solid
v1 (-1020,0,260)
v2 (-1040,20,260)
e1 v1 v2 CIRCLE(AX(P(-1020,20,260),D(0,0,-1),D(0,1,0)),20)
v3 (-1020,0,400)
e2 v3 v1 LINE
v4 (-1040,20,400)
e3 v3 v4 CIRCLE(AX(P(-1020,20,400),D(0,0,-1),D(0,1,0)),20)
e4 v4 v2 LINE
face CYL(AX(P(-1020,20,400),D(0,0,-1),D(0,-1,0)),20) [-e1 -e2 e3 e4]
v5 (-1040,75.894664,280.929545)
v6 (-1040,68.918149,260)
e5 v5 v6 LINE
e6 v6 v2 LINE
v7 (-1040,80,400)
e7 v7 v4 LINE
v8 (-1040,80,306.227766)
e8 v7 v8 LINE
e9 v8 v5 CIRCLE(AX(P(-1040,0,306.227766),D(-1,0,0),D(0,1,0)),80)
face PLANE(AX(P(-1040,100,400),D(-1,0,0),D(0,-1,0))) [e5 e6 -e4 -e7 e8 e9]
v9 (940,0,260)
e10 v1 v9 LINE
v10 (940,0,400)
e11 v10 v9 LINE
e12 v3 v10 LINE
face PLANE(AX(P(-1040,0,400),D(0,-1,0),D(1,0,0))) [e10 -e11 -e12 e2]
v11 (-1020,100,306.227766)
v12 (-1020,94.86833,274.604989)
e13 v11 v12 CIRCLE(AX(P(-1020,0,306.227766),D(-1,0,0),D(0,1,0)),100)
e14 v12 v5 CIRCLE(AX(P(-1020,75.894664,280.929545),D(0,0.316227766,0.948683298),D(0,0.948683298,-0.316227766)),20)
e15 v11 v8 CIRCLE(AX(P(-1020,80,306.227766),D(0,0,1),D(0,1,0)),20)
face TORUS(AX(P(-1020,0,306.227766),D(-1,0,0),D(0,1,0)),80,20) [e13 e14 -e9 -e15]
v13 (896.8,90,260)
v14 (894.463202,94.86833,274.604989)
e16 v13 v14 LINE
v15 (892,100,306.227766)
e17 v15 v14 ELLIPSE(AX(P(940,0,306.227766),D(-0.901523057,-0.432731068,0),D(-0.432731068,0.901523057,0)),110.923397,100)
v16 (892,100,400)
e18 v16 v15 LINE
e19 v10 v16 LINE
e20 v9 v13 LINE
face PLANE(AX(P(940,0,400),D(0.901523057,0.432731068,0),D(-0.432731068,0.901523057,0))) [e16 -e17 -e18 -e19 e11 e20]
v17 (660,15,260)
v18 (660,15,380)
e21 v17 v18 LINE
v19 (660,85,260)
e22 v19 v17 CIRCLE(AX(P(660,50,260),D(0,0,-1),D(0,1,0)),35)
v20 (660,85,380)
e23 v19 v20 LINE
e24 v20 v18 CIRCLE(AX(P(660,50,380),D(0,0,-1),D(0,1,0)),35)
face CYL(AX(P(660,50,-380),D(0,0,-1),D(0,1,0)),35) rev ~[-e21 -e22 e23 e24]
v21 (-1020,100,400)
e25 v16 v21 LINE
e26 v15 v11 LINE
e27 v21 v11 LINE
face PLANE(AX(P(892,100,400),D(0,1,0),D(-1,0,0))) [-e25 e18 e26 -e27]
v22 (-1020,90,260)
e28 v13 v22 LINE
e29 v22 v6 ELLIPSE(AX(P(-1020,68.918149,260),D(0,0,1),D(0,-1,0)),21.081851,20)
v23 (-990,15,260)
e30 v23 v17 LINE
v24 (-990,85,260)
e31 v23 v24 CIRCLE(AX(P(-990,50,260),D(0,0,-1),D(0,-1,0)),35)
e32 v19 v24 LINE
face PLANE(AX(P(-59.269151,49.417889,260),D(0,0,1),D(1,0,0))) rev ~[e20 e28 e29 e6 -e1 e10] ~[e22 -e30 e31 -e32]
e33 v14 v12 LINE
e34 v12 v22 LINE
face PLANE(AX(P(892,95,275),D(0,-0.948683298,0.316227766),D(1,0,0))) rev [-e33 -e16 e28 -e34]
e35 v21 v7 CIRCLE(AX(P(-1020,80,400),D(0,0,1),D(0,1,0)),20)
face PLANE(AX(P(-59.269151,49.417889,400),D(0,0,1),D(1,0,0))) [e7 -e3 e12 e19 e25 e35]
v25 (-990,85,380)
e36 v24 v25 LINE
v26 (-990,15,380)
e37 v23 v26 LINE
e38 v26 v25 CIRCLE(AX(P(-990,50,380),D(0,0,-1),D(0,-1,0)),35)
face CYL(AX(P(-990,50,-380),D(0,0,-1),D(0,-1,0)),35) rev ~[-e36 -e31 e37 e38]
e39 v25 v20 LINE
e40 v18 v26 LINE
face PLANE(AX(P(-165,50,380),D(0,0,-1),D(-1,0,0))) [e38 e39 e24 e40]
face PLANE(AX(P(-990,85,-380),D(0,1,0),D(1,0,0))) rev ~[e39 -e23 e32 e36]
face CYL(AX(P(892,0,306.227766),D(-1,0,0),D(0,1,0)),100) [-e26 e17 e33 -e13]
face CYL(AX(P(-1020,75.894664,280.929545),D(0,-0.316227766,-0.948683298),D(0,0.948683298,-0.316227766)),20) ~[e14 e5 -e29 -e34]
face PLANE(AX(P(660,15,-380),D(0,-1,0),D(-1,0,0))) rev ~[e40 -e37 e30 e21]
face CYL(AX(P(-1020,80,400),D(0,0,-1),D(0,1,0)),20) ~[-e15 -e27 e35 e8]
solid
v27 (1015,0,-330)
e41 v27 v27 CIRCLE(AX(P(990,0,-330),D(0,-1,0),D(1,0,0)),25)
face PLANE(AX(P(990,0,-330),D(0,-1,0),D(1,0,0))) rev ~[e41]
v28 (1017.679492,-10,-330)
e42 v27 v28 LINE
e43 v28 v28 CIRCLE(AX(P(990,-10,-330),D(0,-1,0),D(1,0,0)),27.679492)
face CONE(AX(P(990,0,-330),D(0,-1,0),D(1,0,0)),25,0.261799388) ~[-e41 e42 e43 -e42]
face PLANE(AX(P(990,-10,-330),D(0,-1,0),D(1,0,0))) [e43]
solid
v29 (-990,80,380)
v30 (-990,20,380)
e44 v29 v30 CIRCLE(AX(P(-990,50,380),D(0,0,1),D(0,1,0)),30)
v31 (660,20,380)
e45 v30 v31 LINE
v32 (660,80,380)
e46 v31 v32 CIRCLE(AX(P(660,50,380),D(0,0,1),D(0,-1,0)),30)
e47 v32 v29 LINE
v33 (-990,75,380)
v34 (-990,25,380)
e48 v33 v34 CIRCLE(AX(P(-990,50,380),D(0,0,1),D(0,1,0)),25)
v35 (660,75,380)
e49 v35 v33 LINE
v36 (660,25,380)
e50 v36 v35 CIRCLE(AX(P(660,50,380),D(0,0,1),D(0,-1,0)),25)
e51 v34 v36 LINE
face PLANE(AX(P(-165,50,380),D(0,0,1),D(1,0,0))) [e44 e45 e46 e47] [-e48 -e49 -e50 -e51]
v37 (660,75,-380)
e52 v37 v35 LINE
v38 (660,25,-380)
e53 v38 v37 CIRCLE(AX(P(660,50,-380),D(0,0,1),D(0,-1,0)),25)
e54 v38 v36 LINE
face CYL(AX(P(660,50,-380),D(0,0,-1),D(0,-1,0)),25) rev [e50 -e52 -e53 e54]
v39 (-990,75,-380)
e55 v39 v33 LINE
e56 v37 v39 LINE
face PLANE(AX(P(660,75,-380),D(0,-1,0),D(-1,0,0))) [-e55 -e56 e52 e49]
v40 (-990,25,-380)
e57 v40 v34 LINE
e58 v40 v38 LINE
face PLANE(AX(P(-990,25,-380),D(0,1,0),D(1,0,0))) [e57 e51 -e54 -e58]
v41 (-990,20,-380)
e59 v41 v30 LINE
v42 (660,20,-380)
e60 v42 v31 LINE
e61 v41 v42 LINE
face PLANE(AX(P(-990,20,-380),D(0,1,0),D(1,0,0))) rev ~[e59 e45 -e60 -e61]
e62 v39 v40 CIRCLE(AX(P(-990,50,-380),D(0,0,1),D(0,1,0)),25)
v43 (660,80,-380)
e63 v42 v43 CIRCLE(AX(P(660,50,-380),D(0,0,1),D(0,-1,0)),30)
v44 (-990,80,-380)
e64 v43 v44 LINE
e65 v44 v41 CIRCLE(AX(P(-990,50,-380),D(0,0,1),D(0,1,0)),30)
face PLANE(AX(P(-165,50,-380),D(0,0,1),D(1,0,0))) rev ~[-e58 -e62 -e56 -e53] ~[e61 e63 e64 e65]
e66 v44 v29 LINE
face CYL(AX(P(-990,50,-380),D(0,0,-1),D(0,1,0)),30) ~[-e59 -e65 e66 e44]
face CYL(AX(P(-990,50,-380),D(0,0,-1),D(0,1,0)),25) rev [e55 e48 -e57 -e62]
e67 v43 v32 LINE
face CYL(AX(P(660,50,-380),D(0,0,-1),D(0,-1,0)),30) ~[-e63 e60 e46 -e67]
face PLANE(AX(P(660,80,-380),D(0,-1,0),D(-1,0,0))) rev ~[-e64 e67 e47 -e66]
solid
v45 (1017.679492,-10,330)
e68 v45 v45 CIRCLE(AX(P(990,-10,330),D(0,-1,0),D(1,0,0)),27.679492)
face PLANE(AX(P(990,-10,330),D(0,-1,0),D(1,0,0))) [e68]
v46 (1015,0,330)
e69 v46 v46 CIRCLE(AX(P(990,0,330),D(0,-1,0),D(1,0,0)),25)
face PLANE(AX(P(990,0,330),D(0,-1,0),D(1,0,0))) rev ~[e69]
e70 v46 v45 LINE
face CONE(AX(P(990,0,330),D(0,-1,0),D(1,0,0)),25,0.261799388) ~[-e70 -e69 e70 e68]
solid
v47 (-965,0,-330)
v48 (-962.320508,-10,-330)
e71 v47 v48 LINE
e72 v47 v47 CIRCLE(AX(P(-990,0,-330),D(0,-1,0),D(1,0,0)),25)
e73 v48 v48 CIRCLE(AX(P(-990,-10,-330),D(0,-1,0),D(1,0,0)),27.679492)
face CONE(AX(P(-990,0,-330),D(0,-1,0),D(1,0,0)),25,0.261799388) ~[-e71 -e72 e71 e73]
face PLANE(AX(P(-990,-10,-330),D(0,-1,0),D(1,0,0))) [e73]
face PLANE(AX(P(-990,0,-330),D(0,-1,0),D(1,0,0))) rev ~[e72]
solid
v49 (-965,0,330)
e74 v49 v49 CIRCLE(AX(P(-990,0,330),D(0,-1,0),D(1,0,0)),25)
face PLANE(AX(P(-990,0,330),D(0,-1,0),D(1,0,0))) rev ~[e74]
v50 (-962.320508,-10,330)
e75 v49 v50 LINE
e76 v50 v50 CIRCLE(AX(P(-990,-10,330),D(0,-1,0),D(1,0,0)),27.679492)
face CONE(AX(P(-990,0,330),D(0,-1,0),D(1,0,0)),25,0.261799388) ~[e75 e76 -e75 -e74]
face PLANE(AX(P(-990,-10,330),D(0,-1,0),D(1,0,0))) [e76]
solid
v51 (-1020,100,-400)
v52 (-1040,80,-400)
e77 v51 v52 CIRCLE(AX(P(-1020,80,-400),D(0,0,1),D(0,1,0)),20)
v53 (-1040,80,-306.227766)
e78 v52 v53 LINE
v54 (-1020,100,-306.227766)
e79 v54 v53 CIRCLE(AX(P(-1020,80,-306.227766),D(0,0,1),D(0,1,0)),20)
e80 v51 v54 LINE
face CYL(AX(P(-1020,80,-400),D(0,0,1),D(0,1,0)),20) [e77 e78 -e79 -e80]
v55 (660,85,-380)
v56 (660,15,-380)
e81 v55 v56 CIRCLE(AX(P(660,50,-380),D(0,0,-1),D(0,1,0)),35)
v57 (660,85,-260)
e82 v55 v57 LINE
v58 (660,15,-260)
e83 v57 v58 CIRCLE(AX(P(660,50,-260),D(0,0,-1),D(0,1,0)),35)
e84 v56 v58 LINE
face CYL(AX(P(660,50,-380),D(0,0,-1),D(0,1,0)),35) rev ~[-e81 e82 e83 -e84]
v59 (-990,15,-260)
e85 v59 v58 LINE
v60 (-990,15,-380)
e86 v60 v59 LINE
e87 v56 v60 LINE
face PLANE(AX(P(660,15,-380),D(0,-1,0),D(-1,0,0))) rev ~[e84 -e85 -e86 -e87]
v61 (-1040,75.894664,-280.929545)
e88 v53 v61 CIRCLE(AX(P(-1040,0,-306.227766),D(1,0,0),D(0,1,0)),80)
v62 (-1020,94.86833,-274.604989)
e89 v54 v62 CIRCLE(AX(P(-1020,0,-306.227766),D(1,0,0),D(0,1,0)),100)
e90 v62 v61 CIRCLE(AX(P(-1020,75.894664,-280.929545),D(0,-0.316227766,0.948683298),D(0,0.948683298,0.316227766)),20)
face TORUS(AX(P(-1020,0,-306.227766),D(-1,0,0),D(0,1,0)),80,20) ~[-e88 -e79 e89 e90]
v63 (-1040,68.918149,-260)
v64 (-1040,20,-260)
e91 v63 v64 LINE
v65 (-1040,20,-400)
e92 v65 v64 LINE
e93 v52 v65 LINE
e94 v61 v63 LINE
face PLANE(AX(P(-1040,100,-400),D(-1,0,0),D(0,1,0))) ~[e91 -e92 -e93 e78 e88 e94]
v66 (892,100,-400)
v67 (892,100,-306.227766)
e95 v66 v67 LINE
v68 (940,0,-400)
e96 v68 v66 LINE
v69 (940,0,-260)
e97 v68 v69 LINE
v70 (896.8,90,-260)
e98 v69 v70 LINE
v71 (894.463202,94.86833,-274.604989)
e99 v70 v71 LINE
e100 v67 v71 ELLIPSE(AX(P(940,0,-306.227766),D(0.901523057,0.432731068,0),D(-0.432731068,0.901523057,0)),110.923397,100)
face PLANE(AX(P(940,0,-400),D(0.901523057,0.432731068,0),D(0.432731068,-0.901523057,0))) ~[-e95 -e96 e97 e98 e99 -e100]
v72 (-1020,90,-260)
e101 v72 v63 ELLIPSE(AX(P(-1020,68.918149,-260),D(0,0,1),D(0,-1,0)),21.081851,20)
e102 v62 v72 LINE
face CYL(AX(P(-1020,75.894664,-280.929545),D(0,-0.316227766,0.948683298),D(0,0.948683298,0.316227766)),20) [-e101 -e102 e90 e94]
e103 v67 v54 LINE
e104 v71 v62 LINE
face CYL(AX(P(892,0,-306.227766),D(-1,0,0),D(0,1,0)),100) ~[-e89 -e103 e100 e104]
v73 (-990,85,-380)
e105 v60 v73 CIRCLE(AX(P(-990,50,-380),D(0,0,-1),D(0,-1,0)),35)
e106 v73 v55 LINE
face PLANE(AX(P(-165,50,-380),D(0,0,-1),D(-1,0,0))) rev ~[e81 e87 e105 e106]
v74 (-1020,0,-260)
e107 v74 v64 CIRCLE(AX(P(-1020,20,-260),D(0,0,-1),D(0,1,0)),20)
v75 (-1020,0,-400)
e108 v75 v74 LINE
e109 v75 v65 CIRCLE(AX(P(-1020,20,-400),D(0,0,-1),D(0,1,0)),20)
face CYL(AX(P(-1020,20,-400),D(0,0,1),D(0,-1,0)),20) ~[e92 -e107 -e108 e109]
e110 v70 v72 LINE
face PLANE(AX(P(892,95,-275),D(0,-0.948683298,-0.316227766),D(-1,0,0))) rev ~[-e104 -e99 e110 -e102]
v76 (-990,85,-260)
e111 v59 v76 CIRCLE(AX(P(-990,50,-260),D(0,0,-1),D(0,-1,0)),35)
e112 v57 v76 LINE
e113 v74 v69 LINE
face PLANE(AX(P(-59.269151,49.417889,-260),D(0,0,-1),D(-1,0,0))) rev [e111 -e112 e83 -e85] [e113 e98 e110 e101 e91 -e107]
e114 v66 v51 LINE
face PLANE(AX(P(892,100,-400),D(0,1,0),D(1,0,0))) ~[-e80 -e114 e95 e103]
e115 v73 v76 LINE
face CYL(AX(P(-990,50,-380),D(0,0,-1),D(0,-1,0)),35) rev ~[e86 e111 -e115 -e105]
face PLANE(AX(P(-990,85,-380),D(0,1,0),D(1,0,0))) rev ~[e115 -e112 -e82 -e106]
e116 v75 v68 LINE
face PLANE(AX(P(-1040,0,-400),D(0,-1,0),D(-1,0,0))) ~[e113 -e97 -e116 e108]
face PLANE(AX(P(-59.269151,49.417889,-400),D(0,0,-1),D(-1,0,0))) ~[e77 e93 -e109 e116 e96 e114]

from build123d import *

# Parameters (mm, degrees)
BOSS_EXTRUDE1_DEPTH            = 140
CHAMFER1_SIZE                  = 10
CHAMFER1_SIZE2                 = 30
FILLET1_R                      = 100
FILLET2_R                      = 20
CUT_EXTRUDE1_DEPTH             = 380
CUT_EXTRUDE1_DEPTH_BACK        = 380
BOSS_EXTRUDE4_DEPTH            = 760
SKETCH31_R                     = 25
BOSS_EXTRUDE13_DEPTH           = 10
BOSS_EXTRUDE13_DRAFT           = -15
BOSS_EXTRUDE13_PROFILE_2_DEPTH = 10
BOSS_EXTRUDE13_PROFILE_2_DRAFT = -15
BOSS_EXTRUDE13_PROFILE_3_DEPTH = 10
BOSS_EXTRUDE13_PROFILE_3_DRAFT = -15
BOSS_EXTRUDE13_PROFILE_4_DEPTH = 10
BOSS_EXTRUDE13_PROFILE_4_DRAFT = -15


with BuildPart() as part:
    # Sketch2 → Boss-Extrude1 (new body)
    with BuildSketch(Plane.XY.offset(400)):
        Polygon((-1040, 0), (940, 0), (892, 100), (-1040, 100), align=None)
    extrude(amount=-BOSS_EXTRUDE1_DEPTH)

    # Chamfer1
    chamfer1_edges = [part.edges().sort_by_distance(p)[0] for p in [
        (-74, 100, 260),
    ]]
    chamfer1_side = [part.faces().sort_by_distance(p)[0] for p in [
        (-61.950920245, 49.795501022, 260),
    ]]
    chamfer(chamfer1_edges, length=CHAMFER1_SIZE, length2=CHAMFER1_SIZE2, reference=chamfer1_side[0])

    # Fillet1
    fillet1_edges = [part.edges().sort_by_distance(p)[0] for p in [
        (-74, 100, 290),
    ]]
    fillet(fillet1_edges, radius=FILLET1_R)

    # Fillet2
    fillet2_edges = [part.edges().sort_by_distance(p)[0] for p in [
        (-1040, 100, 353.113883008),
        (-1040, 92.434164903, 267.302494708),
        (-1040, 98.708745764, 290.209541716),
        (-1040, 0, 330),
    ]]
    fillet(fillet2_edges, radius=FILLET2_R)


with BuildPart() as body_2:
    # Mirror2: mirrored copy
    add(part.part.mirror(Plane.XY))


with BuildPart() as cut_extrude1_tool:
    # Sketch12 → Cut-Extrude1 (new, two sides: drawn at the far end of the back side and taken through both)
    with BuildSketch(Plane.XY.offset(-CUT_EXTRUDE1_DEPTH_BACK)):
        with BuildLine():
            Line((-990, 85), (660, 85))
            ThreePointArc((660, 85), (695, 50), (660, 15))
            Line((660, 15), (-990, 15))
            ThreePointArc((-990, 15), (-1025, 50), (-990, 85))
        make_face()
    extrude(amount=CUT_EXTRUDE1_DEPTH + CUT_EXTRUDE1_DEPTH_BACK)


with BuildPart() as part_1:
    add(part.part)

    # Cut-Extrude1: cut by cut_extrude1_tool
    add(cut_extrude1_tool.part, mode=Mode.SUBTRACT)


with BuildPart() as body_2_1:
    add(body_2.part)

    # Cut-Extrude1: cut by cut_extrude1_tool
    add(cut_extrude1_tool.part, mode=Mode.SUBTRACT)


with BuildPart() as body_3:
    # Sketch13 → Boss-Extrude4 (new body)
    with BuildSketch(Plane.XY.offset(-380)):
        with BuildLine():
            Line((-990, 20), (660, 20))
            ThreePointArc((660, 20), (690, 50), (660, 80))
            Line((660, 80), (-990, 80))
            ThreePointArc((-990, 80), (-1020, 50), (-990, 20))
        make_face()
        with BuildLine():
            Line((-990, 25), (660, 25))
            ThreePointArc((660, 25), (685, 50), (660, 75))
            Line((660, 75), (-990, 75))
            ThreePointArc((-990, 75), (-1015, 50), (-990, 25))
        make_face(mode=Mode.SUBTRACT)
    extrude(amount=BOSS_EXTRUDE4_DEPTH)


with BuildPart() as body_4:
    # Sketch31 → Boss-Extrude13 (with draft: the straight prism first)
    with BuildSketch(Plane.XZ):
        with Locations((-990, 330)):
            Circle(SKETCH31_R)
    extrude(amount=BOSS_EXTRUDE13_DEPTH)
    # Boss-Extrude13: the draft: its side faces are tilted about the plane it starts from
    boss_extrude13_sides = [body_4.faces().sort_by_distance(p)[0] for p in [
        (-1015, -5, 330),
    ]]
    draft(boss_extrude13_sides, Plane.XZ, BOSS_EXTRUDE13_DRAFT)


with BuildPart() as body_5:
    # Sketch31 → Boss-Extrude13 profile 2 (with draft: the straight prism first)
    with BuildSketch(Plane.XZ):
        with Locations((-990, -330)):
            Circle(SKETCH31_R)
    extrude(amount=BOSS_EXTRUDE13_PROFILE_2_DEPTH)
    # Boss-Extrude13 profile 2: the draft: its side faces are tilted about the plane it starts from
    boss_extrude13_profile_2_sides = [body_5.faces().sort_by_distance(p)[0] for p in [
        (-1015, -5, -330),
    ]]
    draft(boss_extrude13_profile_2_sides, Plane.XZ, BOSS_EXTRUDE13_PROFILE_2_DRAFT)


with BuildPart() as body_6:
    # Sketch31 → Boss-Extrude13 profile 3 (with draft: the straight prism first)
    with BuildSketch(Plane.XZ):
        with Locations((990, -330)):
            Circle(SKETCH31_R)
    extrude(amount=BOSS_EXTRUDE13_PROFILE_3_DEPTH)
    # Boss-Extrude13 profile 3: the draft: its side faces are tilted about the plane it starts from
    boss_extrude13_profile_3_sides = [body_6.faces().sort_by_distance(p)[0] for p in [
        (965, -5, -330),
    ]]
    draft(boss_extrude13_profile_3_sides, Plane.XZ, BOSS_EXTRUDE13_PROFILE_3_DRAFT)


with BuildPart() as body_7:
    # Sketch31 → Boss-Extrude13 profile 4 (with draft: the straight prism first)
    with BuildSketch(Plane.XZ):
        with Locations((990, 330)):
            Circle(SKETCH31_R)
    extrude(amount=BOSS_EXTRUDE13_PROFILE_4_DEPTH)
    # Boss-Extrude13 profile 4: the draft: its side faces are tilted about the plane it starts from
    boss_extrude13_profile_4_sides = [body_7.faces().sort_by_distance(p)[0] for p in [
        (965, -5, 330),
    ]]
    draft(boss_extrude13_profile_4_sides, Plane.XZ, BOSS_EXTRUDE13_PROFILE_4_DRAFT)


solid = Compound([part_1.part, body_2_1.part, body_3.part, body_4.part, body_5.part, body_6.part, body_7.part])
